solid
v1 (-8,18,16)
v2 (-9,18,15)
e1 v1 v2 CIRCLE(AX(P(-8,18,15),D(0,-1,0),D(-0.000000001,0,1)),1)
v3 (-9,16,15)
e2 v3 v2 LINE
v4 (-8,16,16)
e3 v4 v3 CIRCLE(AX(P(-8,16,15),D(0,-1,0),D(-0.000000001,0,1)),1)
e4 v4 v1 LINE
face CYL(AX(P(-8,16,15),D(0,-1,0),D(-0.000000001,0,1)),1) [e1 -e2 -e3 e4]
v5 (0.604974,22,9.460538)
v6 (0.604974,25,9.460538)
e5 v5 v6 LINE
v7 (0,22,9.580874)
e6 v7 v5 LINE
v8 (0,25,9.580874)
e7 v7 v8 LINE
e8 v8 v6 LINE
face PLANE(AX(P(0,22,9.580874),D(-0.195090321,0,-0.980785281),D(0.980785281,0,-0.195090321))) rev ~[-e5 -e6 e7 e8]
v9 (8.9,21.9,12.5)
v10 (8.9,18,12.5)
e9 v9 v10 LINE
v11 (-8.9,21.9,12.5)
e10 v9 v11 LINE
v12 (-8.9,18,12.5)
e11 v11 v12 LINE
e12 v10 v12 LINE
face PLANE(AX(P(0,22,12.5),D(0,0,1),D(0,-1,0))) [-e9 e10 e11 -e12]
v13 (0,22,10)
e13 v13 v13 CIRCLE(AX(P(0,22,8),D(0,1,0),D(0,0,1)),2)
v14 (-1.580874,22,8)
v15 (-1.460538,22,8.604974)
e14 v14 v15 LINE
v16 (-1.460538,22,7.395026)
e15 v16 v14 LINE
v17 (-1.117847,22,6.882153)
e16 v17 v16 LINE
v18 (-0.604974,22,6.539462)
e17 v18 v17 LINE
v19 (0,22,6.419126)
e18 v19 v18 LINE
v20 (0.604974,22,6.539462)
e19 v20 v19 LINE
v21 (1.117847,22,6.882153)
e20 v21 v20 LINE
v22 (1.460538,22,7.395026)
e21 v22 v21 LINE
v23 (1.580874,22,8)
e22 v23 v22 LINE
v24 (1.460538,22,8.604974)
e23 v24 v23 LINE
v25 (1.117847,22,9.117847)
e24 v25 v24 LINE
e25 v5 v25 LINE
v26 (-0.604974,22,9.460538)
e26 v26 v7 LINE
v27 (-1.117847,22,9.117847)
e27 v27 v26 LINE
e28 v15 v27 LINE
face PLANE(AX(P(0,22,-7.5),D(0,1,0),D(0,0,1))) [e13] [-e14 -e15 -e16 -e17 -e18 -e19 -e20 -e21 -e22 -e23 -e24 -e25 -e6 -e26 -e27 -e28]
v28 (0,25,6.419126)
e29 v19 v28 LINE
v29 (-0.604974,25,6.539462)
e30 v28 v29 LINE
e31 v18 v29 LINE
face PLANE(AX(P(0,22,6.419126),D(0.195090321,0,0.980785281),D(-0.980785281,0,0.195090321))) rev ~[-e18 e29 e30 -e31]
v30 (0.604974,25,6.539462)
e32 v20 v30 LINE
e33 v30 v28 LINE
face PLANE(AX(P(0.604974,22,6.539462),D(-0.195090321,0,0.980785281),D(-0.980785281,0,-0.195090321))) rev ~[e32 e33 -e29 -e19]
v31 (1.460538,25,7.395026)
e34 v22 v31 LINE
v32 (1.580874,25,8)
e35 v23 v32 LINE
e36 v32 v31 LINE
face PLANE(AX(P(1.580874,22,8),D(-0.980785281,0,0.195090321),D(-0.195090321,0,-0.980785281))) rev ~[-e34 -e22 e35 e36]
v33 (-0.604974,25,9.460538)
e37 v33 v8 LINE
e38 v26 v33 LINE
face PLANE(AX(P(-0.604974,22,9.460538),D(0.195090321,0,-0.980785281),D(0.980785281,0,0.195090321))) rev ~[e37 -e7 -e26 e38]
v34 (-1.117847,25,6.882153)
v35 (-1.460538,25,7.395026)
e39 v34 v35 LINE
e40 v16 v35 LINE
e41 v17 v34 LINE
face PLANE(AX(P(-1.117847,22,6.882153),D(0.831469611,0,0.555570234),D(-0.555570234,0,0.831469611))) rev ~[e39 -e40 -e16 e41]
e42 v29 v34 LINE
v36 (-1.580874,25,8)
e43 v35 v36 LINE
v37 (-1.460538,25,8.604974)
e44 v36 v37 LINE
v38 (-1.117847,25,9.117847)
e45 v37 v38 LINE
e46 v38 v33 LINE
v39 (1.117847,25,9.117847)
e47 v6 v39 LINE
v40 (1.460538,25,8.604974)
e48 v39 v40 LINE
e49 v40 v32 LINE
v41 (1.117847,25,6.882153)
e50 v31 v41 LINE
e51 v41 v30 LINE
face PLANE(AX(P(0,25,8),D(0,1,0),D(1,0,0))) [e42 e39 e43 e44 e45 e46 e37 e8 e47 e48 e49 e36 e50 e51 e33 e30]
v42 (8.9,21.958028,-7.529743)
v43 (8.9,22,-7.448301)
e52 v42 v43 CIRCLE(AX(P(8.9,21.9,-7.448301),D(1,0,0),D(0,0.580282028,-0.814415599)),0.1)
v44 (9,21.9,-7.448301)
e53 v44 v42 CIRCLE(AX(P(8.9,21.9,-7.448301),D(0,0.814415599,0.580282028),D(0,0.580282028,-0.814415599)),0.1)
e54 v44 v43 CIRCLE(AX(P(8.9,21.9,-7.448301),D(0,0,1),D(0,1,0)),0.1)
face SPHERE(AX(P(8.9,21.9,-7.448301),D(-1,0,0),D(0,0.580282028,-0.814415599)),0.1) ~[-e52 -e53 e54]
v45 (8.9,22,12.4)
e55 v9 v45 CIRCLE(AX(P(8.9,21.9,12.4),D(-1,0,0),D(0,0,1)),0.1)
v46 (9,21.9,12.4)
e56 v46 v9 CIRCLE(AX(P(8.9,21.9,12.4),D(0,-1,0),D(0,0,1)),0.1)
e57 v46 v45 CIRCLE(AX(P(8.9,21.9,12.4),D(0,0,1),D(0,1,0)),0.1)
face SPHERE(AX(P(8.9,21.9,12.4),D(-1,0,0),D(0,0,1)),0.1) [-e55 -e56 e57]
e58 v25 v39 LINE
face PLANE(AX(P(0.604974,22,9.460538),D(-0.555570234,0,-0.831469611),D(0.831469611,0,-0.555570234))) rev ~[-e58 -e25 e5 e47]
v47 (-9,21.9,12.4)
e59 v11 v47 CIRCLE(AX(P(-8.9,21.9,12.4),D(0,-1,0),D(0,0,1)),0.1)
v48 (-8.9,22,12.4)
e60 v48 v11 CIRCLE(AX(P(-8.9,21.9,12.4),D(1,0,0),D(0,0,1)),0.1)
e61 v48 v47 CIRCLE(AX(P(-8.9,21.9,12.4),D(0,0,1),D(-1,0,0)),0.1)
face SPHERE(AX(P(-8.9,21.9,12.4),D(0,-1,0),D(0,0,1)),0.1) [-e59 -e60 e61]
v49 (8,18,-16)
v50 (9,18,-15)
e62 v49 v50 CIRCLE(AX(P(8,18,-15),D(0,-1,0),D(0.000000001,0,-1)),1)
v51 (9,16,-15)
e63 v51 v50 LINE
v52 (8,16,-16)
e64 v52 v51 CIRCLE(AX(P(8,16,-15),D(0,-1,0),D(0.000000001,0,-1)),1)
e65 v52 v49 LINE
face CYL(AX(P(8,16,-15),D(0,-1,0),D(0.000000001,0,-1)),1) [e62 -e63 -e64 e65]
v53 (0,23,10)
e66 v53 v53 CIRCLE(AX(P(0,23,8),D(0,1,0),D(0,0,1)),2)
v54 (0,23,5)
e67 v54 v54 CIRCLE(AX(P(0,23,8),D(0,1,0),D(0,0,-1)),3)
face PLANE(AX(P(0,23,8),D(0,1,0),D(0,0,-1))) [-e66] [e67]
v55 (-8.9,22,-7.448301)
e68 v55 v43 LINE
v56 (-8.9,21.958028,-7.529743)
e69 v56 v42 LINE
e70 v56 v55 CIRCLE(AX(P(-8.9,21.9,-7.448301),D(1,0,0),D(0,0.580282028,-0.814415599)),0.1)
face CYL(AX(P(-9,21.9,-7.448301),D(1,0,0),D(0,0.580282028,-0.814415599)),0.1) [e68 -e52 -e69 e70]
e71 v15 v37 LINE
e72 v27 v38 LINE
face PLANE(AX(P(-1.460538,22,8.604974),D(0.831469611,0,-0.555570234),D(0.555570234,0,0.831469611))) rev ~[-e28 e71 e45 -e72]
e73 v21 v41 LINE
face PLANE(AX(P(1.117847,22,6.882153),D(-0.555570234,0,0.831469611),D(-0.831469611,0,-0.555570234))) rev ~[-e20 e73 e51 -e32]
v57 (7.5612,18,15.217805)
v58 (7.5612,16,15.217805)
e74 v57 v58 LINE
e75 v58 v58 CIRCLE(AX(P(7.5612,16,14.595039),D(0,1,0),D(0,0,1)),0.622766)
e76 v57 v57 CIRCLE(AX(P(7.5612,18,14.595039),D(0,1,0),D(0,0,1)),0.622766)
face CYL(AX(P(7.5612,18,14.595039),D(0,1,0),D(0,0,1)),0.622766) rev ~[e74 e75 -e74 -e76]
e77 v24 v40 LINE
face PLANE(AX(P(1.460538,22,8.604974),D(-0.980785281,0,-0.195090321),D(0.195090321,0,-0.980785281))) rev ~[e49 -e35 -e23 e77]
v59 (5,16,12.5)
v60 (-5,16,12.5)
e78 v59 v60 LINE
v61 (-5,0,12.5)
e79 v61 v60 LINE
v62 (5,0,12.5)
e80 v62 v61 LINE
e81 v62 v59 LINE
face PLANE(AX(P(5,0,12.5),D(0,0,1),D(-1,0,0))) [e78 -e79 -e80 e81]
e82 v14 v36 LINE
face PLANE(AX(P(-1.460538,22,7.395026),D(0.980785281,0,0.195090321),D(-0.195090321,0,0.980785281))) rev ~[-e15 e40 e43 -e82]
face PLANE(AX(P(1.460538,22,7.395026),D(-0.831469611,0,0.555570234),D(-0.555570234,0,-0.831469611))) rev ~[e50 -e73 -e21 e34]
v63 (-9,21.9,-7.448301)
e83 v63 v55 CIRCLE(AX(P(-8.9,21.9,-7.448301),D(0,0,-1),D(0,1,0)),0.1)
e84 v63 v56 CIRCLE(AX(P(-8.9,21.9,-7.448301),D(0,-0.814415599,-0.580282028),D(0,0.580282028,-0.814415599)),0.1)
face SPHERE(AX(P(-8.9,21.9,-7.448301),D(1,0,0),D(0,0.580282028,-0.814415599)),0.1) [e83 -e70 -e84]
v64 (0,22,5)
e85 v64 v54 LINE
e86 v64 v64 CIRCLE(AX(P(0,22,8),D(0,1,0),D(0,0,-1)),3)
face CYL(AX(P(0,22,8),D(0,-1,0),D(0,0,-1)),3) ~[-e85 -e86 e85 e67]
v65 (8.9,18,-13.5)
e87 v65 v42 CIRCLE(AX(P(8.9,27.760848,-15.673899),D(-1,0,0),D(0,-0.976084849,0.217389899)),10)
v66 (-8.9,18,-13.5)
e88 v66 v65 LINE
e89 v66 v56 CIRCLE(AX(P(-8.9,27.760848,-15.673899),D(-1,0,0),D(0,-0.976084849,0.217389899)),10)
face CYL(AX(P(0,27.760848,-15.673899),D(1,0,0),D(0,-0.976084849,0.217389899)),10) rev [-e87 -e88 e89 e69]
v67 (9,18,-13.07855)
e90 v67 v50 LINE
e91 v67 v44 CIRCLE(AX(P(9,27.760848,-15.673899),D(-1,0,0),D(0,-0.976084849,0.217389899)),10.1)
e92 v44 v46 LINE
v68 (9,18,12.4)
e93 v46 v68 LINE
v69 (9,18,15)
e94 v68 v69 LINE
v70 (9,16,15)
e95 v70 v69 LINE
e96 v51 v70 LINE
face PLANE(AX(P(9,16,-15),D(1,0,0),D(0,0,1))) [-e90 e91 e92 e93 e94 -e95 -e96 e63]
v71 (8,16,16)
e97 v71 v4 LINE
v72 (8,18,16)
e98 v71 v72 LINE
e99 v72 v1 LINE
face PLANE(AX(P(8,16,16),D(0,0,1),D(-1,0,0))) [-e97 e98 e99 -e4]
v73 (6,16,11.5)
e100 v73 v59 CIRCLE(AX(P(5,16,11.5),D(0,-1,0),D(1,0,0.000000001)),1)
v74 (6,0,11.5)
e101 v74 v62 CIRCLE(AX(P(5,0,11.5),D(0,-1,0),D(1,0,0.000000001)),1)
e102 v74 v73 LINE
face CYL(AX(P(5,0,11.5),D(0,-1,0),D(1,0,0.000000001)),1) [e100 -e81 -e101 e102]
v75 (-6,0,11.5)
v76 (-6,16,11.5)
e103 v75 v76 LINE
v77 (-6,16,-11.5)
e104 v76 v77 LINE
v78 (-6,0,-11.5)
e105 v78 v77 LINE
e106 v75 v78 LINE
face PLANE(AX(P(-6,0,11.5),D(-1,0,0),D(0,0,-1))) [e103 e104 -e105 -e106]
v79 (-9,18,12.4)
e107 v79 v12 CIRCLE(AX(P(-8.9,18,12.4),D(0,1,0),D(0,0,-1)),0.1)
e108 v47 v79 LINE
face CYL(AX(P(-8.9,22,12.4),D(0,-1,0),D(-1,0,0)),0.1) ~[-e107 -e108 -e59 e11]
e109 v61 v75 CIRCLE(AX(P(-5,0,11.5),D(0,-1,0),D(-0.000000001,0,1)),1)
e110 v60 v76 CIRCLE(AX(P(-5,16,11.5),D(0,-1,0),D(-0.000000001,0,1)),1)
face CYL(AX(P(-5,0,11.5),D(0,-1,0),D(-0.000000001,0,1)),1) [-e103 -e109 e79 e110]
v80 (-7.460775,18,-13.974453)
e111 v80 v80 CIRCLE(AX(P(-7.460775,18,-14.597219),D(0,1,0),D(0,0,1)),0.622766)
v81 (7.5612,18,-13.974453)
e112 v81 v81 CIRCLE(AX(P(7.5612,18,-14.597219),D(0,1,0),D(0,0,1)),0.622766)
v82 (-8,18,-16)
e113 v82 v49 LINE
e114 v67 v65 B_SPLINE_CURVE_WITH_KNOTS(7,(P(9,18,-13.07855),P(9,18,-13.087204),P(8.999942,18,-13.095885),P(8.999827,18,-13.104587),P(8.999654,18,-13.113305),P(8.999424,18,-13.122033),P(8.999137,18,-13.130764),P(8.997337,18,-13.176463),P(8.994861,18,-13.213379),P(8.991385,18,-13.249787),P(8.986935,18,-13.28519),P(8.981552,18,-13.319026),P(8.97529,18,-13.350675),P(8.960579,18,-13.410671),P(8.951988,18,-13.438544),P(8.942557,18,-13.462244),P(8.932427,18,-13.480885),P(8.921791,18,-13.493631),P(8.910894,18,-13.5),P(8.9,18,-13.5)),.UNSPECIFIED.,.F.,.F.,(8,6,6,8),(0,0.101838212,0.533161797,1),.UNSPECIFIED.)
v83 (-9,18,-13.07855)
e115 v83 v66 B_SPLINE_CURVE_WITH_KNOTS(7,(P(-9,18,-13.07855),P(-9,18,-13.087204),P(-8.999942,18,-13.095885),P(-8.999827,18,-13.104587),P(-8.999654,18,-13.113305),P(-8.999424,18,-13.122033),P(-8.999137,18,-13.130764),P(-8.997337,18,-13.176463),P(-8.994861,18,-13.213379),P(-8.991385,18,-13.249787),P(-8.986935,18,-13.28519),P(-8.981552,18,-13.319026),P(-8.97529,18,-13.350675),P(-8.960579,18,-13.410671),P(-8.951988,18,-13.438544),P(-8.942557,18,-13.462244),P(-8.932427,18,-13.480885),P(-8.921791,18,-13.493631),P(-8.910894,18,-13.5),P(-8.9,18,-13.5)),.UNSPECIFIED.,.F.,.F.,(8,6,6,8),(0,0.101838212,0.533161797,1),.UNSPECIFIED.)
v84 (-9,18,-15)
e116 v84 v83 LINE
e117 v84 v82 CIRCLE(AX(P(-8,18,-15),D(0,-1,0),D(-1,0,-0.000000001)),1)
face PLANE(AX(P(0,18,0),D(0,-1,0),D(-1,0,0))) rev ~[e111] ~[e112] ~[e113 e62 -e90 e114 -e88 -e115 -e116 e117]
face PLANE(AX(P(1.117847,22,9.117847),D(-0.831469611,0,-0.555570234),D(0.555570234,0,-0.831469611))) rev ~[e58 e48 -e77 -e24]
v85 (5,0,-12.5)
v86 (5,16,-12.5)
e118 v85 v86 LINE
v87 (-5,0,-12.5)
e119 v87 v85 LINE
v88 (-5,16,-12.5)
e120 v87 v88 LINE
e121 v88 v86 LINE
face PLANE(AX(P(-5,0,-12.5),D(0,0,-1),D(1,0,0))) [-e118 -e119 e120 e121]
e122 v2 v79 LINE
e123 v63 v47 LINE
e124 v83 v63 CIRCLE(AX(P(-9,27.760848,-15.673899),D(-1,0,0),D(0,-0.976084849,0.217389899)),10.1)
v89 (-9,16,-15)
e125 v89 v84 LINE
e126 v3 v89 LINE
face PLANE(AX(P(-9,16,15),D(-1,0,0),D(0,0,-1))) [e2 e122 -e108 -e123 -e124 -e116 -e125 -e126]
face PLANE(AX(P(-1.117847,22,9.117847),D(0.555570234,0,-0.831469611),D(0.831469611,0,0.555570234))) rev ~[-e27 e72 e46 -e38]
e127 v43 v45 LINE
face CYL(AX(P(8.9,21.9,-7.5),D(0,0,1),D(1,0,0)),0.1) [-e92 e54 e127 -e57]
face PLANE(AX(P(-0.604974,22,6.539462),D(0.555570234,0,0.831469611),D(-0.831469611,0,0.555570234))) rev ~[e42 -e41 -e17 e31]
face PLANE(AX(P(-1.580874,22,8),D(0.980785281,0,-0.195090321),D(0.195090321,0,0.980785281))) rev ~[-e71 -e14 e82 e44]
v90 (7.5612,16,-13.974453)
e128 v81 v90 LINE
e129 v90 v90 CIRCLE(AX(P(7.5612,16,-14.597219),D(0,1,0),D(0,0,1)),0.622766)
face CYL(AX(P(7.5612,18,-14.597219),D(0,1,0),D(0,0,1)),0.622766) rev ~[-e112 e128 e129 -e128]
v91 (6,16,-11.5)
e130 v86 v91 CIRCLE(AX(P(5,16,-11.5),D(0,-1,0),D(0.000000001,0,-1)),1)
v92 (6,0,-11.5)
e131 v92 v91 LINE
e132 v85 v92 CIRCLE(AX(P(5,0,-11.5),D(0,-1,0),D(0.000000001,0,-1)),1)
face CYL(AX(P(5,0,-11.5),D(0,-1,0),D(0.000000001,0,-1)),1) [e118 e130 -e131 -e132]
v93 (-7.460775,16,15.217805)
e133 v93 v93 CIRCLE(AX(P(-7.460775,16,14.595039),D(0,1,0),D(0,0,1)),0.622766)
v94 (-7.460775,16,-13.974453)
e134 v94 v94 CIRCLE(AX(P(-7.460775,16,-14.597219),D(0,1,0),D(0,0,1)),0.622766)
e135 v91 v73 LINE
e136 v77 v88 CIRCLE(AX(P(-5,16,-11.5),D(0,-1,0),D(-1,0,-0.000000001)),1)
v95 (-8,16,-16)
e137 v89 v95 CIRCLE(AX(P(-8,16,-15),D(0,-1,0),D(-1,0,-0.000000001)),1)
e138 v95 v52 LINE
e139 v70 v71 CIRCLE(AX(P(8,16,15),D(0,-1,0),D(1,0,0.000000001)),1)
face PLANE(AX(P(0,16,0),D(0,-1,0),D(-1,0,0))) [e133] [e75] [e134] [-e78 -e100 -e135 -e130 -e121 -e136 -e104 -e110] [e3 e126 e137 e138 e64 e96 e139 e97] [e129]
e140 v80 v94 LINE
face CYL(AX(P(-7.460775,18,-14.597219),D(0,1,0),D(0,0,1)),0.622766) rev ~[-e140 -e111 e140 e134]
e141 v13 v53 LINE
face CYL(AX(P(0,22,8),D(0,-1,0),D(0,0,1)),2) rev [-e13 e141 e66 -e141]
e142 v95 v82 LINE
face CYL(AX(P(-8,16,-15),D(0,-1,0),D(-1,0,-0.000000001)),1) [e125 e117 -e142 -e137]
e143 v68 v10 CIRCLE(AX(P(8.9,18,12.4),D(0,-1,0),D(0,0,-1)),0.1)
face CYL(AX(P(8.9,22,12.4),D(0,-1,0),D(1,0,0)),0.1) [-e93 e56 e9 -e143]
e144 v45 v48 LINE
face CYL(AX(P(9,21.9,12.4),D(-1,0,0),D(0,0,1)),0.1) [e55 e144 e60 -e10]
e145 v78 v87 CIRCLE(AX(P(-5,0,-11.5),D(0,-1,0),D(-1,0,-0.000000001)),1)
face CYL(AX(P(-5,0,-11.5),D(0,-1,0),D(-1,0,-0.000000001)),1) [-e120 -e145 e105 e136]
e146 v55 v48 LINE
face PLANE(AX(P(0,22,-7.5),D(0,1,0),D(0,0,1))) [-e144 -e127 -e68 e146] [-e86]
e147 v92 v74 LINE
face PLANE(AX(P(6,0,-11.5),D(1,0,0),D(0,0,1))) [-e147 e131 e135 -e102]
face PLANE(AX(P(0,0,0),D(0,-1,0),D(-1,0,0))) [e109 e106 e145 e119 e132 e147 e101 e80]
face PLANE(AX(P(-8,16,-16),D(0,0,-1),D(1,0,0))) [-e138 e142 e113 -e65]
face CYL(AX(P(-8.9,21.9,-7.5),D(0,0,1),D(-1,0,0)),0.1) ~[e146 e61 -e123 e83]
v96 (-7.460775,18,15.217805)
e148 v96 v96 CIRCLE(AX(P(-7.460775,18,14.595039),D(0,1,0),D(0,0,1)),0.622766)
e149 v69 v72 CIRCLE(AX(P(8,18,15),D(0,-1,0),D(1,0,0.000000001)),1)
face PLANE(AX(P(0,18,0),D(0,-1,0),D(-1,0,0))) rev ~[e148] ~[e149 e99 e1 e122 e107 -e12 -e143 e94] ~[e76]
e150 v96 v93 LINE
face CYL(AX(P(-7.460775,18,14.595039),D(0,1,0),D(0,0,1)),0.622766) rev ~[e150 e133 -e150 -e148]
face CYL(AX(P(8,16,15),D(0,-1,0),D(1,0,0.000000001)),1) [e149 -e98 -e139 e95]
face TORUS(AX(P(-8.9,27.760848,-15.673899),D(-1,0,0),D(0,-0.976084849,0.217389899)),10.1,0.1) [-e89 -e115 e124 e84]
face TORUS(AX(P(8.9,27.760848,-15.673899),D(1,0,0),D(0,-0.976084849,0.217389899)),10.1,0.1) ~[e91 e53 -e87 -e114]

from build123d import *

# Parameters (mm, degrees)
BOSS_EXTRUDE1_DEPTH = 16
BOSS_EXTRUDE2_DEPTH = 2
BOSS_EXTRUDE3_DEPTH = 9
SKETCH5_R           = 0.622765991
CUT_EXTRUDE1_DEPTH  = 18
FILLET1_R           = 0.1
SKETCH6_R           = 3
SKETCH6_R_2         = 2
BOSS_EXTRUDE4_DEPTH = 1
BOSS_EXTRUDE5_DEPTH = 3


with BuildPart() as part:
    # Sketch1 → Boss-Extrude1 (new body)
    with BuildSketch(Plane(origin=(0, 0, 0), x_dir=(1, 0, 0), z_dir=(0, 1, 0))):
        with BuildLine():
            Line((-5, 12.5), (5, 12.5))
            ThreePointArc((5, 12.5), (5.707106781, 12.207106781), (6, 11.5))
            Line((6, 11.5), (6, -11.5))
            ThreePointArc((6, -11.5), (5.707106781, -12.207106781), (5, -12.5))
            Line((5, -12.5), (-5, -12.5))
            ThreePointArc((-5, -12.5), (-5.707106781, -12.207106781), (-6, -11.5))
            Line((-6, -11.5), (-6, 11.5))
            ThreePointArc((-6, 11.5), (-5.707106781, 12.207106781), (-5, 12.5))
        make_face()
    extrude(amount=BOSS_EXTRUDE1_DEPTH)

    # Sketch2 → Boss-Extrude2 (add)
    with BuildSketch(Plane(origin=(0, 16, 0), x_dir=(1, 0, 0), z_dir=(0, 1, 0))):
        with BuildLine():
            Line((-8, 16), (8, 16))
            ThreePointArc((8, 16), (8.707106781, 15.707106781), (9, 15))
            Line((9, 15), (9, -15))
            ThreePointArc((9, -15), (8.707106781, -15.707106781), (8, -16))
            Line((8, -16), (-8, -16))
            ThreePointArc((-8, -16), (-8.707106781, -15.707106781), (-9, -15))
            Line((-9, -15), (-9, 15))
            ThreePointArc((-9, 15), (-8.707106781, 15.707106781), (-8, 16))
        make_face()
    extrude(amount=BOSS_EXTRUDE2_DEPTH)

    # Sketch4 → Boss-Extrude3 (add, symmetric)
    with BuildSketch(Plane(origin=(0, 0, 0), x_dir=(0, 0, -1), z_dir=(1, 0, 0))):
        with BuildLine():
            Line((-12.5, 18), (13.5, 18))
            ThreePointArc((13.5, 18), (10.126897029, 19.440345543), (7.5, 22))
            Line((7.5, 22), (-12.5, 22))
            Line((-12.5, 22), (-12.5, 18))
        make_face()
    extrude(amount=BOSS_EXTRUDE3_DEPTH, both=True)

    # Sketch5 → Cut-Extrude1 (cut)
    with BuildSketch(Plane(origin=(0, 18, 0), x_dir=(1, 0, 0), z_dir=(0, 1, 0))):
        with Locations(Location((-7.460775455, -14.595038574, 0), (0, 0, 270))):
            Circle(SKETCH5_R)
        with Locations(Location((7.561200473, -14.595038574, 0), (0, 0, 270))):
            Circle(SKETCH5_R)
        with Locations(Location((-7.460775455, 14.59721935, 0), (0, 0, 270))):
            Circle(SKETCH5_R)
        with Locations(Location((7.561200473, 14.59721935, 0), (0, 0, 270))):
            Circle(SKETCH5_R)
    extrude(amount=-CUT_EXTRUDE1_DEPTH, mode=Mode.SUBTRACT)

    # Fillet1
    fillet1_edges = [part.edges().sort_by_distance(p)[0] for p in [
        (-9, 20, 12.5),
        (0, 22, 12.5),
        (-9, 19.440345543, -10.126897029),
        (-9, 22, 2.5),
        (0, 22, -7.5),
        (9, 20, 12.5),
        (9, 19.440345543, -10.126897029),
        (9, 22, 2.5),
    ]]
    fillet(fillet1_edges, radius=FILLET1_R)

    # Sketch6 → Boss-Extrude4 (add)
    with BuildSketch(Plane(origin=(0, 22, 0), x_dir=(1, 0, 0), z_dir=(0, 1, 0))):
        with Locations(Location((0, -8, 0), (0, 0, 90))):
            Circle(SKETCH6_R)
        with Locations(Location((0, -8, 0), (0, 0, 270))):
            Circle(SKETCH6_R_2, mode=Mode.SUBTRACT)
    extrude(amount=BOSS_EXTRUDE4_DEPTH)

    # Sketch7 → Boss-Extrude5 (add)
    with BuildSketch(Plane(origin=(0, 22, 0), x_dir=(1, 0, 0), z_dir=(0, 1, 0))):
        Polygon((-1.117847018, -6.882152982), (-1.460537515, -7.395025553), (-1.580874414, -8), (-1.460537515, -8.604974447), (-1.117847018, -9.117847018), (-0.604974447, -9.460537515), (0, -9.580874414), (0.604974447, -9.460537515), (1.117847018, -9.117847018), (1.460537515, -8.604974447), (1.580874414, -8), (1.460537515, -7.395025553), (1.117847018, -6.882152982), (0.604974447, -6.539462485), (0, -6.419125586), (-0.604974447, -6.539462485), align=None)
    extrude(amount=BOSS_EXTRUDE5_DEPTH)


solid = part.part
